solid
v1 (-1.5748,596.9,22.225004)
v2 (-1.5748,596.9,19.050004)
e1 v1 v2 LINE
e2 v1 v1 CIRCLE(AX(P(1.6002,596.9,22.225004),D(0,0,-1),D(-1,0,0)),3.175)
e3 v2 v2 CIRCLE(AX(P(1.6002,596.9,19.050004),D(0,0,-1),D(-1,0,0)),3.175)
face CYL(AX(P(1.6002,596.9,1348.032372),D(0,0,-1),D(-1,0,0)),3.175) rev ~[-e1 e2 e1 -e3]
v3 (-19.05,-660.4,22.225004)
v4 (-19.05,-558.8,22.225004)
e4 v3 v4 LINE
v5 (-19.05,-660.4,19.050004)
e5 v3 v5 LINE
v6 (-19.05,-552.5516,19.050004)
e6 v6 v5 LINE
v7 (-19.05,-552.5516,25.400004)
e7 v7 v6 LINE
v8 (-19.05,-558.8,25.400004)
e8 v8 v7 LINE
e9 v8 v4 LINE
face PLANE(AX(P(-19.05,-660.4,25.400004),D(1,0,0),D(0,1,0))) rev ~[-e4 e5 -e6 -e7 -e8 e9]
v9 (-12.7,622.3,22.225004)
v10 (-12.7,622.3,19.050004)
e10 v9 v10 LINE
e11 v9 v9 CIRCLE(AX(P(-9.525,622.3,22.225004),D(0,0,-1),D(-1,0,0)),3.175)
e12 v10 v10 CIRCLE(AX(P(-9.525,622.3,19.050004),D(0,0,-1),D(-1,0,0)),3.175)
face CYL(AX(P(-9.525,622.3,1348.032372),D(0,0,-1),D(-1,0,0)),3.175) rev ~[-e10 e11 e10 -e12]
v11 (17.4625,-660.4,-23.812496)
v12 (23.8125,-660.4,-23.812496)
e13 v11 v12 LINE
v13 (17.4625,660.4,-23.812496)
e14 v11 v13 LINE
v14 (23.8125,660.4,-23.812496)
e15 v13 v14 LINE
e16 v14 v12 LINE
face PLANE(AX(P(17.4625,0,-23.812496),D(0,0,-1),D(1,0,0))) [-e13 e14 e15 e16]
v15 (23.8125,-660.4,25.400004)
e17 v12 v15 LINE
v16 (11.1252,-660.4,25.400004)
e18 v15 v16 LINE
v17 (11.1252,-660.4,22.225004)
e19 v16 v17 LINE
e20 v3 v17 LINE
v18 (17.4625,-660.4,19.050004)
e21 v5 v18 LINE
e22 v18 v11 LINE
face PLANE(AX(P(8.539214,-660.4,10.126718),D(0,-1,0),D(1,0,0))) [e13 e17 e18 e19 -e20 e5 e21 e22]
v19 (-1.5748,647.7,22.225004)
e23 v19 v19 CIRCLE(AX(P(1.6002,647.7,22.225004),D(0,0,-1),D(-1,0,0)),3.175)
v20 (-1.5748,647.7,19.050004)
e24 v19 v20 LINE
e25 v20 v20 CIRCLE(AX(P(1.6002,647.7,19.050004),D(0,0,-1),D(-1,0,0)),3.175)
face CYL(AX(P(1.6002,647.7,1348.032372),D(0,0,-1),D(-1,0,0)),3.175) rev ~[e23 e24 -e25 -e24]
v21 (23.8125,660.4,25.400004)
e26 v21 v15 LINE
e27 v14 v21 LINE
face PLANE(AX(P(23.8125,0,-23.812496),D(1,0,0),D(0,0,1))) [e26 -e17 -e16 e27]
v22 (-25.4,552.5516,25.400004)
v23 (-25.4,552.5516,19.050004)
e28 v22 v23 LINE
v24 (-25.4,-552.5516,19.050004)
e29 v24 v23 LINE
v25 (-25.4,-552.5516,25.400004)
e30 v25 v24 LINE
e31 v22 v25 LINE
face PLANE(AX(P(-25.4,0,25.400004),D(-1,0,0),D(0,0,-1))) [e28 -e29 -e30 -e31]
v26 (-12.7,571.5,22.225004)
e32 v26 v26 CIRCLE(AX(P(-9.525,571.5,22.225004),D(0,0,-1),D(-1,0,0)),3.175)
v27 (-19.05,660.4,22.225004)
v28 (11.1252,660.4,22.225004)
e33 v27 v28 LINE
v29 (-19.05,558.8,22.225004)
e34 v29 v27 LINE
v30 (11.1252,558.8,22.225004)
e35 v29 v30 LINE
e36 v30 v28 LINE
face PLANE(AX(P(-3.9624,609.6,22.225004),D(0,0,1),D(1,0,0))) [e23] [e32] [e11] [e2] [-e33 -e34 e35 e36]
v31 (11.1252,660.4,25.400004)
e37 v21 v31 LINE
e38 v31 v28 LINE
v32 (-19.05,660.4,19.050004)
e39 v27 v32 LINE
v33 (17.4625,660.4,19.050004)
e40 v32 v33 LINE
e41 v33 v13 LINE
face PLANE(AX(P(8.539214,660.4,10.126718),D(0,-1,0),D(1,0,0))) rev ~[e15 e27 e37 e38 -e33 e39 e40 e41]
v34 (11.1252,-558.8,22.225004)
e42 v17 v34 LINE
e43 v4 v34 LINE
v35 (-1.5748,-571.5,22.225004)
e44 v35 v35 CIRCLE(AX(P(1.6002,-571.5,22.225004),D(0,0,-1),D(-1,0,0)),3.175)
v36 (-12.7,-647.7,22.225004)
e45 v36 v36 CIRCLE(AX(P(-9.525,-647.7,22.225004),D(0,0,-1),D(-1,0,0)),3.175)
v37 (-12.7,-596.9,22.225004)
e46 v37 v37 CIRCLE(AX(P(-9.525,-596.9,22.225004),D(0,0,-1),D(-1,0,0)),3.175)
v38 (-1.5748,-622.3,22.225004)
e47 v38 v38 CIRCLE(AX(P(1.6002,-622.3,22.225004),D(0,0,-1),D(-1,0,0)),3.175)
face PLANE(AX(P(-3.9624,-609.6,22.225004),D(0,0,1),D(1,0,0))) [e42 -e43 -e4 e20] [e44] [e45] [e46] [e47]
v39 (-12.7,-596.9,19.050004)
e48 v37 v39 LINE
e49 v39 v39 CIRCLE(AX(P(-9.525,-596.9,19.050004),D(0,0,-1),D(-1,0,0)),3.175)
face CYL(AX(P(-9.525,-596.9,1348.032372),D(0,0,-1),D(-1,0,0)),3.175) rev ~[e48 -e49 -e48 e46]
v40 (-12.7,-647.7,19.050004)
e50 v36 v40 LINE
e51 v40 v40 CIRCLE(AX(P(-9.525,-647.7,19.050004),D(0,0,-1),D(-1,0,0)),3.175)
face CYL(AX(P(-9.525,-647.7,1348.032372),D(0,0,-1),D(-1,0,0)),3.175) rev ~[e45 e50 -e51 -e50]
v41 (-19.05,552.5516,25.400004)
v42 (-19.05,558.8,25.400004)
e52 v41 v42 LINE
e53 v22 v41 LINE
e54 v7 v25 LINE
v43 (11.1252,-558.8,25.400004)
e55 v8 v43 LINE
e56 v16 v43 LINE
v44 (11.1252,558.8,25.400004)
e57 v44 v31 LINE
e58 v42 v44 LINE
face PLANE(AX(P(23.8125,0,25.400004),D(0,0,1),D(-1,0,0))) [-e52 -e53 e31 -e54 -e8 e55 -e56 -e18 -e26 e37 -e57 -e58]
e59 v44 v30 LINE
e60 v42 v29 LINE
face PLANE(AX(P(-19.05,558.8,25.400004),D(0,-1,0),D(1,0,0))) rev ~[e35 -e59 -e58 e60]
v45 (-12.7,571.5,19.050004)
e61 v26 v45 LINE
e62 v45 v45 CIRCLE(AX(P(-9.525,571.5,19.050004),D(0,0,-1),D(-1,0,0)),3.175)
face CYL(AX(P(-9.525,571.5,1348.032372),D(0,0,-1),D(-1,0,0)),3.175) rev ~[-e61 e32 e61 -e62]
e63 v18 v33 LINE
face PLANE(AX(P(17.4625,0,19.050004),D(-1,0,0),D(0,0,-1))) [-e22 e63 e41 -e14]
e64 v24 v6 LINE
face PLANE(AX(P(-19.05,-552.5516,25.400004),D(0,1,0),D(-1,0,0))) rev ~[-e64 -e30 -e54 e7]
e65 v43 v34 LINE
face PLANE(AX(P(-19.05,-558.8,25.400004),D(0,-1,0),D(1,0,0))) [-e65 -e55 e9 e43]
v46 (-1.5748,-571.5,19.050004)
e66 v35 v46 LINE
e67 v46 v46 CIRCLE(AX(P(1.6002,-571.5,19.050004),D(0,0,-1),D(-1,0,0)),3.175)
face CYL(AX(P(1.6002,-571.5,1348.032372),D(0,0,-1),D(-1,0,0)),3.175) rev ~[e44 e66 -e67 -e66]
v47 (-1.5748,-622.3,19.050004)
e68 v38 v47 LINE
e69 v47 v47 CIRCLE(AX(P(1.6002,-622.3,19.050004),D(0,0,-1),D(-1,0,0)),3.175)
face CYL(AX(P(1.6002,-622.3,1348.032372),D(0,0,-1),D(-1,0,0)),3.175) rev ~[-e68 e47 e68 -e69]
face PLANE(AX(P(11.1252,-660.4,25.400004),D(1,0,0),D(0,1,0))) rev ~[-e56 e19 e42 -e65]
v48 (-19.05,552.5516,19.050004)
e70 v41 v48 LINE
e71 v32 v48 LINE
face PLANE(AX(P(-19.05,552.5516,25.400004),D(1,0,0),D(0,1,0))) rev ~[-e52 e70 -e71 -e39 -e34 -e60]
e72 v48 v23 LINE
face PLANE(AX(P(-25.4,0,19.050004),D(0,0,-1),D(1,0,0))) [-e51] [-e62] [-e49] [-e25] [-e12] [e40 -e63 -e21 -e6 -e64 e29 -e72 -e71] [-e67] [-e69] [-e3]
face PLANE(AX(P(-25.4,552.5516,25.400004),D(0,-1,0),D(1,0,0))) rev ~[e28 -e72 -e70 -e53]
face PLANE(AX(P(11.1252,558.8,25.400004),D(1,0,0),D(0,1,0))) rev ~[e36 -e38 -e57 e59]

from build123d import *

# Parameters (mm, degrees)
F1_DEPTH = 660.4
F2_W     = 30.1752
F2_H     = 101.6
F2_R     = 3.175
F3_DEPTH = 3.175
F4_D     = 6.35
F5_DEPTH = 49.2135


with BuildPart() as f1:
    # F0 (on Front) → F1 (new body, symmetric)
    with BuildSketch(Plane.XZ):
        Polygon((17.4625, -23.812496), (23.8125, -23.812496), (23.8125, 25.400004), (-25.4, 25.400004), (-25.4, 19.050004), (17.4625, 19.050004), align=None)
    extrude(amount=F1_DEPTH, both=True)

    # F2 (on face) → F3 (cut)
    with BuildSketch(Plane.XY.offset(25.400004)):
        with Locations((-3.9624, -609.6)):
            Rectangle(F2_W, F2_H)
        with Locations((-9.525, -647.7)):
            Circle(F2_R, mode=Mode.SUBTRACT)
        with Locations((-9.525, -596.9)):
            Circle(F2_R, mode=Mode.SUBTRACT)
        with Locations((1.6002, -622.3)):
            Circle(F2_R, mode=Mode.SUBTRACT)
        with Locations((1.6002, -571.5)):
            Circle(F2_R, mode=Mode.SUBTRACT)
        with Locations((-3.9624, 609.6)):
            Rectangle(F2_W, F2_H)
        with Locations((-9.525, 571.5)):
            Circle(F2_R, mode=Mode.SUBTRACT)
        with Locations((-9.525, 622.3)):
            Circle(F2_R, mode=Mode.SUBTRACT)
        with Locations((1.6002, 596.9)):
            Circle(F2_R, mode=Mode.SUBTRACT)
        with Locations((1.6002, 647.7)):
            Circle(F2_R, mode=Mode.SUBTRACT)
    extrude(amount=-F3_DEPTH, mode=Mode.SUBTRACT)

    # F4 (through all)
    with Locations(Plane.XY.offset(25.400004)):
        with Locations((1.6002, -571.5), (-9.525, -596.9), (1.6002, -622.3), (-9.525, -647.7), (1.6002, 647.7), (-9.525, 622.3), (1.6002, 596.9), (-9.525, 571.5)):
            Hole(F4_D / 2)

    # F2 (on face) → F5 (cut, through all)
    with BuildSketch(Plane.XY.offset(25.400004)):
        Polygon((-25.4, 660.4), (-25.4, 552.5516), (-19.05, 552.5516), (-19.05, 558.8), (-19.05, 660.4), align=None)
        Polygon((-19.05, -552.5516), (-25.4, -552.5516), (-25.4, -660.4), (-19.05, -660.4), (-19.05, -558.8), align=None)
    extrude(amount=-F5_DEPTH, mode=Mode.SUBTRACT)


solid = f1.part
